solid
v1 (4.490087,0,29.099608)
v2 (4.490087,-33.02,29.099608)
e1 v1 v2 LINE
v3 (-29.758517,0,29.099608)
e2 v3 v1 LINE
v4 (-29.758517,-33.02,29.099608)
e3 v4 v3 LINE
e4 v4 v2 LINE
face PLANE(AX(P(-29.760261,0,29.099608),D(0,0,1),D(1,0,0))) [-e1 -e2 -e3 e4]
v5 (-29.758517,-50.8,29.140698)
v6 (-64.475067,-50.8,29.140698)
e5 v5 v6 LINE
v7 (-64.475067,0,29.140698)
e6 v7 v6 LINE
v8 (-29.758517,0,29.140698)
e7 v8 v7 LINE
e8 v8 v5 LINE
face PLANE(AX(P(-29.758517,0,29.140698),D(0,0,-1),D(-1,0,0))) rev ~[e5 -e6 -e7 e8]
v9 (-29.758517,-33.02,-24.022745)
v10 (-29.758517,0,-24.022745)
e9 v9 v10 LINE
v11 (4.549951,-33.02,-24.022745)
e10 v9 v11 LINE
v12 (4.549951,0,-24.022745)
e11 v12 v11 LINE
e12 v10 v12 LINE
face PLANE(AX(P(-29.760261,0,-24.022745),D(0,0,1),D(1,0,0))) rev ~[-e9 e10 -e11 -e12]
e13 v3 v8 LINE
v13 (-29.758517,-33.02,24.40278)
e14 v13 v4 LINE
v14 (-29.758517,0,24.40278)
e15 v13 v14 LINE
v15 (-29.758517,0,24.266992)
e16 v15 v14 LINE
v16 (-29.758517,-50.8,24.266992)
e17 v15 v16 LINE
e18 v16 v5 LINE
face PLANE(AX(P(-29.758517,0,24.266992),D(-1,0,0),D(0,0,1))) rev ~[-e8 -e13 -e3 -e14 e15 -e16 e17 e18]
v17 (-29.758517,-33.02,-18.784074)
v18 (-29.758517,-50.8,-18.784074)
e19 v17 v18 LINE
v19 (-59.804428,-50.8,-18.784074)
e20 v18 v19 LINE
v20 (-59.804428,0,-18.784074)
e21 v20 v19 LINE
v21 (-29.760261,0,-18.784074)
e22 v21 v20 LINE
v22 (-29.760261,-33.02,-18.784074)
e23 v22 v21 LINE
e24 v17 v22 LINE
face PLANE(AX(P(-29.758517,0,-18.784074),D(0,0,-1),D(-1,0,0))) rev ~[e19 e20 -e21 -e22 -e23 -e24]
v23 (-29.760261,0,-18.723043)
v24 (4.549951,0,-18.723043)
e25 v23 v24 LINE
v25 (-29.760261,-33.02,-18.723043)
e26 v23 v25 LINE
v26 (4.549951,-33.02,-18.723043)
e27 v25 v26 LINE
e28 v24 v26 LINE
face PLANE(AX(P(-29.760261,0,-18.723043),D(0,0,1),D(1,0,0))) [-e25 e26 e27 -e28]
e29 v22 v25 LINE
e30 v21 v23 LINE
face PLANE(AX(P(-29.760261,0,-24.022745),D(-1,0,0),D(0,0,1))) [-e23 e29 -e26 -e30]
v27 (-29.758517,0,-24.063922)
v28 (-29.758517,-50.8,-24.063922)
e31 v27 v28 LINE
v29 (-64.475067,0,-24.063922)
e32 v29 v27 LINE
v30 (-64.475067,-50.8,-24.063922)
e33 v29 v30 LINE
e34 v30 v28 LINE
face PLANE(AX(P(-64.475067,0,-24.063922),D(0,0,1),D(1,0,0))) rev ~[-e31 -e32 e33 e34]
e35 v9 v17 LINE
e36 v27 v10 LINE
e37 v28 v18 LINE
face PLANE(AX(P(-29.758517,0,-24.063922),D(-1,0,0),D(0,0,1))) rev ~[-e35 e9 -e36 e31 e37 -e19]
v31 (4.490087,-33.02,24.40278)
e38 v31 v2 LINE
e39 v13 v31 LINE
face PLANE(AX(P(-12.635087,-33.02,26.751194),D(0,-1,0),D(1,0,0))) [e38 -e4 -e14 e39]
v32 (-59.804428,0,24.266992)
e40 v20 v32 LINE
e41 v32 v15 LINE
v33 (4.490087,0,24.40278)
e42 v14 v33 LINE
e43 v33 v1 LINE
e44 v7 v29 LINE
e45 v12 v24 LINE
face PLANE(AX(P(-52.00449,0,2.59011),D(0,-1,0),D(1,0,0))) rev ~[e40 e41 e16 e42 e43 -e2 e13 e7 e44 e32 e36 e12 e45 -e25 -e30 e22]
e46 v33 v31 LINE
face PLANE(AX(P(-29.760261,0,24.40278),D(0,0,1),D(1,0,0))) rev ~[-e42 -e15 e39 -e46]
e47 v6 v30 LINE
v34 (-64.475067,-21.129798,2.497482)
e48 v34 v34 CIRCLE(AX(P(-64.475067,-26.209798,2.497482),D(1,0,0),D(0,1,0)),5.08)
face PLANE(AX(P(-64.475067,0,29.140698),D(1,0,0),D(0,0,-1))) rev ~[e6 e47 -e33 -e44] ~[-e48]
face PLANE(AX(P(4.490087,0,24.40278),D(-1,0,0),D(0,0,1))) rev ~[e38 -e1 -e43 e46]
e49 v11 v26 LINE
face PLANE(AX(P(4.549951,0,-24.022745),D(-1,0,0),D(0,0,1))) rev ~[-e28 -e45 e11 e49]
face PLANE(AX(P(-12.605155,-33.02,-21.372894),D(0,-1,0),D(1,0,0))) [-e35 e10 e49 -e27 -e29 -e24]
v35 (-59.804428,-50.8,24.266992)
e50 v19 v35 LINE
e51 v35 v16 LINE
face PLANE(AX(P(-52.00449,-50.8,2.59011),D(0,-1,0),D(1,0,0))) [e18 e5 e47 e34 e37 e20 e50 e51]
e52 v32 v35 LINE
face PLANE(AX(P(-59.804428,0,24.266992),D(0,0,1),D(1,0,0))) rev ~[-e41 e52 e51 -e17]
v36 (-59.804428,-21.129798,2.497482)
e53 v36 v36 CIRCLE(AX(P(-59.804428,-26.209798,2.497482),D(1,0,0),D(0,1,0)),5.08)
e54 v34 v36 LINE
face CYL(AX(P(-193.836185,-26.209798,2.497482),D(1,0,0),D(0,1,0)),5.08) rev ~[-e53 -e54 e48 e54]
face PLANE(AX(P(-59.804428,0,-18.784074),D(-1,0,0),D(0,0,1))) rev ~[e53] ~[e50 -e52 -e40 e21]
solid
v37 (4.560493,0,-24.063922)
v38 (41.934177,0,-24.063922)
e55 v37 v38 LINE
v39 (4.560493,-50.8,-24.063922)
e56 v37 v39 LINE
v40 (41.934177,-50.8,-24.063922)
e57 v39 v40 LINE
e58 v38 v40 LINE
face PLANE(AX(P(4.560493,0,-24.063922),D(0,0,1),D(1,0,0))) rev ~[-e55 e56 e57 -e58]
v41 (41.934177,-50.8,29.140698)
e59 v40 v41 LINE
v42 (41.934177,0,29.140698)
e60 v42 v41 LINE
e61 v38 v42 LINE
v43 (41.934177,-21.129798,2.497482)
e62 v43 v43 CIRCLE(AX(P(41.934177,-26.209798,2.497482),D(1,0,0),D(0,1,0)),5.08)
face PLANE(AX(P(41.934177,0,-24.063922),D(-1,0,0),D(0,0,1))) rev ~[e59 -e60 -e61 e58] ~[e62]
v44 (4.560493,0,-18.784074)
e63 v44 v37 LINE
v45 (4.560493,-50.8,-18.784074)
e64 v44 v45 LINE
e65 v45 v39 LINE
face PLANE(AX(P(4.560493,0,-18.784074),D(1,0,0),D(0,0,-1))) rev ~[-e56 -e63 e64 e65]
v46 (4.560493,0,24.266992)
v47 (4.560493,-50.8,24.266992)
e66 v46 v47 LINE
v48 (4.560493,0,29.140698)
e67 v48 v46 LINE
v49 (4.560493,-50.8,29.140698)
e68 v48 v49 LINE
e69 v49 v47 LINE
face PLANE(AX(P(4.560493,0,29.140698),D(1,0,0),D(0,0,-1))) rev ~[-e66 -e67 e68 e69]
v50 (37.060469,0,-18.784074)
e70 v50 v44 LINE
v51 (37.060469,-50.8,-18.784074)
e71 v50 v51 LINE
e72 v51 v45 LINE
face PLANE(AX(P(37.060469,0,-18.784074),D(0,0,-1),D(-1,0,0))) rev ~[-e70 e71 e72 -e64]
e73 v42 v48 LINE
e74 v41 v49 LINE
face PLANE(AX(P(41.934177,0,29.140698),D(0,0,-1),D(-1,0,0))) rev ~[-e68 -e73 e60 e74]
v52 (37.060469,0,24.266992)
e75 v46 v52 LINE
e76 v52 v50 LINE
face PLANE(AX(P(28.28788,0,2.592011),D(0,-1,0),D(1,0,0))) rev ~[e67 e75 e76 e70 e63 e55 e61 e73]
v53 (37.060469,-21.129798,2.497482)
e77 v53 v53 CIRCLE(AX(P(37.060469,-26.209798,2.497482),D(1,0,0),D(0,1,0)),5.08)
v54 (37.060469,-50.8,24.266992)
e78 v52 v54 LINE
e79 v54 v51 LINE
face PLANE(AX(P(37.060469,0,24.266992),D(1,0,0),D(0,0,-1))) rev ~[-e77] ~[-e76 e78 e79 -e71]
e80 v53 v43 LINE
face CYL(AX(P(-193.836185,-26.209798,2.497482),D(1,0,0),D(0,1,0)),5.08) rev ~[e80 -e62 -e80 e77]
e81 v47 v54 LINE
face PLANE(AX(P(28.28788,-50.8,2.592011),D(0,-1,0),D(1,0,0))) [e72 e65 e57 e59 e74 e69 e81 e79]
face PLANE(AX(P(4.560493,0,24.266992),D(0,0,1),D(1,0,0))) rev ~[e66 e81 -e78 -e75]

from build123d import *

# Parameters (mm, degrees)
F1_DEPTH = 50.8
F2_W     = 34.310213
F2_H     = 5.299702
F2_W_2   = 34.250349
F2_H_2   = 4.696828
F3_DEPTH = 33.02
F5_D     = 10.16


with BuildPart() as f1:
    # F0 (on Front) → F1 (new body)
    with BuildSketch(Plane.XZ):
        Polygon((-29.758517, 29.140698), (-64.475067, 29.140698), (-64.475067, -24.063922), (-29.758517, -24.063922), (-29.758517, -18.784074), (-59.804428, -18.784074), (-59.804428, 24.266992), (-29.758517, 24.266992), align=None)
        Polygon((41.934177, -24.063922), (41.934177, 29.140698), (4.560493, 29.140698), (4.560493, 24.266992), (37.060469, 24.266992), (37.060469, -18.784074), (4.560493, -18.784074), (4.560493, -24.063922), align=None)
    extrude(amount=F1_DEPTH)

    # F2 (on Front) → F3 (join)
    with BuildSketch(Plane.XZ):
        with Locations((-12.605155, -21.372894)):
            Rectangle(F2_W, F2_H)
        with Locations((-12.635087, 26.751194)):
            Rectangle(F2_W_2, F2_H_2)
    extrude(amount=F3_DEPTH)

    # F5 (through all)
    with Locations(Plane(origin=(-64.475067, 0, 0), x_dir=(0, -1, 0), z_dir=(-1, 0, 0))):
        with Locations((26.209798, 2.497482)):
            Hole(F5_D / 2)


solid = f1.part
